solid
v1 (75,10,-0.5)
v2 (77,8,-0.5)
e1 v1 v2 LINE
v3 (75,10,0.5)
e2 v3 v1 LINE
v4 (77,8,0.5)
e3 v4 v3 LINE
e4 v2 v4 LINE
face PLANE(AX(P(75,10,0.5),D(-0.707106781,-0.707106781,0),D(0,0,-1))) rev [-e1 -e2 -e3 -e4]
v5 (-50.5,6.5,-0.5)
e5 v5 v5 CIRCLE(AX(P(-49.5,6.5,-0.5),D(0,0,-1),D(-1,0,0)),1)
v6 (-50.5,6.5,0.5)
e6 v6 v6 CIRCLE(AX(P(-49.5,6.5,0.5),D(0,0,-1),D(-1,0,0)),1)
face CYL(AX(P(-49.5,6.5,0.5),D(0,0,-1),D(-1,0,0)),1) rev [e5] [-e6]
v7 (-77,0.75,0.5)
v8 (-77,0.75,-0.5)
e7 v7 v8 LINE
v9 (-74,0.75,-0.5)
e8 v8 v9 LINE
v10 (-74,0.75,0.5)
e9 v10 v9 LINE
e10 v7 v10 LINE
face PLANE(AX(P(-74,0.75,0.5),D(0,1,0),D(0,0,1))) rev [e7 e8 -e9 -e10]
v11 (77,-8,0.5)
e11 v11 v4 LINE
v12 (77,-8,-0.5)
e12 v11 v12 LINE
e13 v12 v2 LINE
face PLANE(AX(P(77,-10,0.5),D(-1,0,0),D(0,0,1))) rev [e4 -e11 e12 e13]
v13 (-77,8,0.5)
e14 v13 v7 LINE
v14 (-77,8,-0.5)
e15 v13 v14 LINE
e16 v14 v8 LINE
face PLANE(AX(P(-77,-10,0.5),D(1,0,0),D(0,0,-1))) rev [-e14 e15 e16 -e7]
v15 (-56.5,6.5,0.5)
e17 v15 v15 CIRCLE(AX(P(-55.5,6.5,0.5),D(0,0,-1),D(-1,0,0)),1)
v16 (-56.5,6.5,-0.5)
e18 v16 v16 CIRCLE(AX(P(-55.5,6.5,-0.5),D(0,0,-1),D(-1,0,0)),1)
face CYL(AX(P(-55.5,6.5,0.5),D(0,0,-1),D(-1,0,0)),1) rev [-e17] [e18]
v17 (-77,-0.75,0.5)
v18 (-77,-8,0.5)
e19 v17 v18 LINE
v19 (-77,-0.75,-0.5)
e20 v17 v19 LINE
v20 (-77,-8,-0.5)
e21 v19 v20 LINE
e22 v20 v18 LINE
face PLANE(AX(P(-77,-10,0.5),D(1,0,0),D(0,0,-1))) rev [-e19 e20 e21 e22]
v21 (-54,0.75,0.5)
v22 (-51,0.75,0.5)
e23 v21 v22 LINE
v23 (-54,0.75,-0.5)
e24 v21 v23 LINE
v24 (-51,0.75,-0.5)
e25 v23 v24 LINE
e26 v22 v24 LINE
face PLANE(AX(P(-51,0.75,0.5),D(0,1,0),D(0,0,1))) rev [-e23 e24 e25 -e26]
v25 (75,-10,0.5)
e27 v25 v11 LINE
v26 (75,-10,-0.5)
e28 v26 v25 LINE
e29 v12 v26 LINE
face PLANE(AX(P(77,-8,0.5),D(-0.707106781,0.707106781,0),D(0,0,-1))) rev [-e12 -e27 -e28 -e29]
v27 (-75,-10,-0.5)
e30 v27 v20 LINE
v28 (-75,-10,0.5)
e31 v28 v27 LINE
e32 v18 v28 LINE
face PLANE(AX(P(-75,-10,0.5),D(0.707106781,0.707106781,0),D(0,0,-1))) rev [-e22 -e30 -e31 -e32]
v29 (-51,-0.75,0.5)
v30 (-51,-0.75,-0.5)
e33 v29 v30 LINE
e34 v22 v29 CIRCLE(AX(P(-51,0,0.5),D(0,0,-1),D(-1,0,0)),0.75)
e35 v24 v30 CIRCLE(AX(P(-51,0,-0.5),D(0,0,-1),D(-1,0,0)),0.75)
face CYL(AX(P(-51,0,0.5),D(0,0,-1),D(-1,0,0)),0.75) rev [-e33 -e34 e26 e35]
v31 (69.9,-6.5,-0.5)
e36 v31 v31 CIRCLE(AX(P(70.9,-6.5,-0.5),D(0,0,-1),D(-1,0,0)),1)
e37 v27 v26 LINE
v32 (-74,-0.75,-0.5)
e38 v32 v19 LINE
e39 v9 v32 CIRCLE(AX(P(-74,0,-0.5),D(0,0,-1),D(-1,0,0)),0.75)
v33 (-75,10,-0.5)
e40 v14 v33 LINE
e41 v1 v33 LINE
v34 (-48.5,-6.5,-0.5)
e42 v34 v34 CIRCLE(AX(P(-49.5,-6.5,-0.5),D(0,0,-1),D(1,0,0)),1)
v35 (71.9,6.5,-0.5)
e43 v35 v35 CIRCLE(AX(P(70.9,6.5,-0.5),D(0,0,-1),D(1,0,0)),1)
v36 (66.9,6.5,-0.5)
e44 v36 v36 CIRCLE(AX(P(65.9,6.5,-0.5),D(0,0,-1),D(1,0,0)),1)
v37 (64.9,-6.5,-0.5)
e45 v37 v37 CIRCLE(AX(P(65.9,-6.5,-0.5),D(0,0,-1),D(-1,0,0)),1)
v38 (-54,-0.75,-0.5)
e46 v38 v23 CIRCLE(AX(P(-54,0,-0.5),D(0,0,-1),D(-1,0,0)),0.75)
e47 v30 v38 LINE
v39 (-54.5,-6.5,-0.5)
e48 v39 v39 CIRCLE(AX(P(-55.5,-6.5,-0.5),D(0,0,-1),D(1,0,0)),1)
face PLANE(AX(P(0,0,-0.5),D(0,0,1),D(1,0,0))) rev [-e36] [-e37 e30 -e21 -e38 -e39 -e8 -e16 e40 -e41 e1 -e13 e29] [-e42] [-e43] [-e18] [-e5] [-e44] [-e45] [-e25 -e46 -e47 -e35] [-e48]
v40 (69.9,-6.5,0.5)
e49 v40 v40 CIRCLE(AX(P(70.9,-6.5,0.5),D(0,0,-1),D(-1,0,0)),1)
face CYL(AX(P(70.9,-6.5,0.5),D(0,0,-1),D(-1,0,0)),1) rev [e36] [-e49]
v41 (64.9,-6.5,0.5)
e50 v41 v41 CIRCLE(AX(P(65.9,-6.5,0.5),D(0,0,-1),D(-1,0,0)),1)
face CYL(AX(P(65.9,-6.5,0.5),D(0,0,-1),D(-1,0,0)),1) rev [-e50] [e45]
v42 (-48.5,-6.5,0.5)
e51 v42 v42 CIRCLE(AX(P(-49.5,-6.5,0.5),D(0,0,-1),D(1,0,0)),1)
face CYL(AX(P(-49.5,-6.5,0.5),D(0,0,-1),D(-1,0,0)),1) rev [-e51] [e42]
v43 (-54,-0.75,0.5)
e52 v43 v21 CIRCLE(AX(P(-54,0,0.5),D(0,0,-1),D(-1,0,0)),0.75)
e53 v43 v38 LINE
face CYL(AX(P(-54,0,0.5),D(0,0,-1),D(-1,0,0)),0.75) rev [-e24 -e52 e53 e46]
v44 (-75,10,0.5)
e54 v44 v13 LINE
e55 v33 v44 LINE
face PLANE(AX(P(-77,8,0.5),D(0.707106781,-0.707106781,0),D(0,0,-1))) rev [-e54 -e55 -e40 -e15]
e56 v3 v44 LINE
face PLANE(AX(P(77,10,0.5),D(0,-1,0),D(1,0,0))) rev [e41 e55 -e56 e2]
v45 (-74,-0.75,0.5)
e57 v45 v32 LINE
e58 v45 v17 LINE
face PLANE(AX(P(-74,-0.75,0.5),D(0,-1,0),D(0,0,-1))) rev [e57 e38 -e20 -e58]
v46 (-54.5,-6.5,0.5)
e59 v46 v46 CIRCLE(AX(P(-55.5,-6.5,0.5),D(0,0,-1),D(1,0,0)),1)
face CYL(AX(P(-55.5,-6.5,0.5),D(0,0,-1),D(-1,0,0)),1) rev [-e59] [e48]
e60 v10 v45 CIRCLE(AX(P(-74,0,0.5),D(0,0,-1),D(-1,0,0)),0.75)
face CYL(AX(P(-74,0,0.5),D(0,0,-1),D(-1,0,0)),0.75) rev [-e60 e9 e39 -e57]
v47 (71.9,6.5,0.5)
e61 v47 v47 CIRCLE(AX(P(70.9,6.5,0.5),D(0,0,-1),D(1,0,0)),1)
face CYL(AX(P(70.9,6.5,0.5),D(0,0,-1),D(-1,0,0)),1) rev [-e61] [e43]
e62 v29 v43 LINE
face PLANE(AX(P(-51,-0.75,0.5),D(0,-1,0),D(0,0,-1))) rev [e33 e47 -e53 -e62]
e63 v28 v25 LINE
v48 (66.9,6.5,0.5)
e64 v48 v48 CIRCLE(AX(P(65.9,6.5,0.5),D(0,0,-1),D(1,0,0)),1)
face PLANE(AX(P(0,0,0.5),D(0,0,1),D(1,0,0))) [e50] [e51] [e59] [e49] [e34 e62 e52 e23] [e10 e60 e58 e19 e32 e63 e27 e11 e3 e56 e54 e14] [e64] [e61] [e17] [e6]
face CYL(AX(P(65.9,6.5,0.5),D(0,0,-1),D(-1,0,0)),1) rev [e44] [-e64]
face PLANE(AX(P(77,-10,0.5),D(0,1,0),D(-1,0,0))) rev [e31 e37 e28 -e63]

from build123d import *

# Parameters (mm, degrees)
SKETCH_1_W          = 154
SKETCH_1_H          = 20
EXTRUDE_1_DEPTH     = 0.5
CHAMFER_1_SIZE      = 2
SKETCH_2_R          = 1
CUT_EXTRUDE_1_DEPTH = 2
SKETCH_3_R          = 1
CUT_EXTRUDE_2_DEPTH = 2
SKETCH_4_W          = 3
SKETCH_4_H          = 1.5
CUT_EXTRUDE_3_DEPTH = 2
SKETCH_5_R          = 0.75
CUT_EXTRUDE_4_DEPTH = 2


with BuildPart() as part:
    # 草图1 → 凸台-拉伸1 (new body, symmetric)
    with BuildSketch(Plane.XY):
        Rectangle(SKETCH_1_W, SKETCH_1_H)
    extrude(amount=EXTRUDE_1_DEPTH, both=True)

    # 倒角1
    chamfer_1_edges = [part.edges().sort_by_distance(p)[0] for p in [
        (-77, 10, 0),
        (77, 10, 0),
        (77, -10, 0),
        (-77, -10, 0),
    ]]
    chamfer(chamfer_1_edges, length=CHAMFER_1_SIZE)

    # 草图2 → 切除-拉伸1 (cut, through all)
    with BuildSketch(Plane(origin=(0, 0, -0.5), x_dir=(-1, 0, 0), z_dir=(0, 0, -1))):
        with Locations((-70.9, -6.5)):
            Circle(SKETCH_2_R)
        with Locations((-65.9, -6.5)):
            Circle(SKETCH_2_R)
        with Locations((-65.9, 6.5)):
            Circle(SKETCH_2_R)
        with Locations((-70.9, 6.5)):
            Circle(SKETCH_2_R)
    extrude(amount=-CUT_EXTRUDE_1_DEPTH, mode=Mode.SUBTRACT)

    # 草图3 → 切除-拉伸2 (cut, through all)
    with BuildSketch(Plane(origin=(0, 0, -0.5), x_dir=(-1, 0, 0), z_dir=(0, 0, -1))):
        with Locations((55.5, 6.5)):
            Circle(SKETCH_3_R)
        with Locations((49.5, 6.5)):
            Circle(SKETCH_3_R)
        with Locations((55.5, -6.5)):
            Circle(SKETCH_3_R)
        with Locations((49.5, -6.5)):
            Circle(SKETCH_3_R)
    extrude(amount=-CUT_EXTRUDE_2_DEPTH, mode=Mode.SUBTRACT)

    # 草图4 → 切除-拉伸3 (cut, through all)
    with BuildSketch(Plane(origin=(0, 0, -0.5), x_dir=(-1, 0, 0), z_dir=(0, 0, -1))):
        with Locations((52.5, 0)):
            Rectangle(SKETCH_4_W, SKETCH_4_H)
        with Locations((75.5, 0)):
            Rectangle(SKETCH_4_W, SKETCH_4_H)
    extrude(amount=-CUT_EXTRUDE_3_DEPTH, mode=Mode.SUBTRACT)

    # 草图5 → 切除-拉伸4 (cut, through all)
    with BuildSketch(Plane(origin=(0, 0, -0.5), x_dir=(-1, 0, 0), z_dir=(0, 0, -1))):
        with Locations((51, 0)):
            Circle(SKETCH_5_R)
        with Locations((54, 0)):
            Circle(SKETCH_5_R)
        with Locations((74, 0)):
            Circle(SKETCH_5_R)
    extrude(amount=-CUT_EXTRUDE_4_DEPTH, mode=Mode.SUBTRACT)


solid = part.part
